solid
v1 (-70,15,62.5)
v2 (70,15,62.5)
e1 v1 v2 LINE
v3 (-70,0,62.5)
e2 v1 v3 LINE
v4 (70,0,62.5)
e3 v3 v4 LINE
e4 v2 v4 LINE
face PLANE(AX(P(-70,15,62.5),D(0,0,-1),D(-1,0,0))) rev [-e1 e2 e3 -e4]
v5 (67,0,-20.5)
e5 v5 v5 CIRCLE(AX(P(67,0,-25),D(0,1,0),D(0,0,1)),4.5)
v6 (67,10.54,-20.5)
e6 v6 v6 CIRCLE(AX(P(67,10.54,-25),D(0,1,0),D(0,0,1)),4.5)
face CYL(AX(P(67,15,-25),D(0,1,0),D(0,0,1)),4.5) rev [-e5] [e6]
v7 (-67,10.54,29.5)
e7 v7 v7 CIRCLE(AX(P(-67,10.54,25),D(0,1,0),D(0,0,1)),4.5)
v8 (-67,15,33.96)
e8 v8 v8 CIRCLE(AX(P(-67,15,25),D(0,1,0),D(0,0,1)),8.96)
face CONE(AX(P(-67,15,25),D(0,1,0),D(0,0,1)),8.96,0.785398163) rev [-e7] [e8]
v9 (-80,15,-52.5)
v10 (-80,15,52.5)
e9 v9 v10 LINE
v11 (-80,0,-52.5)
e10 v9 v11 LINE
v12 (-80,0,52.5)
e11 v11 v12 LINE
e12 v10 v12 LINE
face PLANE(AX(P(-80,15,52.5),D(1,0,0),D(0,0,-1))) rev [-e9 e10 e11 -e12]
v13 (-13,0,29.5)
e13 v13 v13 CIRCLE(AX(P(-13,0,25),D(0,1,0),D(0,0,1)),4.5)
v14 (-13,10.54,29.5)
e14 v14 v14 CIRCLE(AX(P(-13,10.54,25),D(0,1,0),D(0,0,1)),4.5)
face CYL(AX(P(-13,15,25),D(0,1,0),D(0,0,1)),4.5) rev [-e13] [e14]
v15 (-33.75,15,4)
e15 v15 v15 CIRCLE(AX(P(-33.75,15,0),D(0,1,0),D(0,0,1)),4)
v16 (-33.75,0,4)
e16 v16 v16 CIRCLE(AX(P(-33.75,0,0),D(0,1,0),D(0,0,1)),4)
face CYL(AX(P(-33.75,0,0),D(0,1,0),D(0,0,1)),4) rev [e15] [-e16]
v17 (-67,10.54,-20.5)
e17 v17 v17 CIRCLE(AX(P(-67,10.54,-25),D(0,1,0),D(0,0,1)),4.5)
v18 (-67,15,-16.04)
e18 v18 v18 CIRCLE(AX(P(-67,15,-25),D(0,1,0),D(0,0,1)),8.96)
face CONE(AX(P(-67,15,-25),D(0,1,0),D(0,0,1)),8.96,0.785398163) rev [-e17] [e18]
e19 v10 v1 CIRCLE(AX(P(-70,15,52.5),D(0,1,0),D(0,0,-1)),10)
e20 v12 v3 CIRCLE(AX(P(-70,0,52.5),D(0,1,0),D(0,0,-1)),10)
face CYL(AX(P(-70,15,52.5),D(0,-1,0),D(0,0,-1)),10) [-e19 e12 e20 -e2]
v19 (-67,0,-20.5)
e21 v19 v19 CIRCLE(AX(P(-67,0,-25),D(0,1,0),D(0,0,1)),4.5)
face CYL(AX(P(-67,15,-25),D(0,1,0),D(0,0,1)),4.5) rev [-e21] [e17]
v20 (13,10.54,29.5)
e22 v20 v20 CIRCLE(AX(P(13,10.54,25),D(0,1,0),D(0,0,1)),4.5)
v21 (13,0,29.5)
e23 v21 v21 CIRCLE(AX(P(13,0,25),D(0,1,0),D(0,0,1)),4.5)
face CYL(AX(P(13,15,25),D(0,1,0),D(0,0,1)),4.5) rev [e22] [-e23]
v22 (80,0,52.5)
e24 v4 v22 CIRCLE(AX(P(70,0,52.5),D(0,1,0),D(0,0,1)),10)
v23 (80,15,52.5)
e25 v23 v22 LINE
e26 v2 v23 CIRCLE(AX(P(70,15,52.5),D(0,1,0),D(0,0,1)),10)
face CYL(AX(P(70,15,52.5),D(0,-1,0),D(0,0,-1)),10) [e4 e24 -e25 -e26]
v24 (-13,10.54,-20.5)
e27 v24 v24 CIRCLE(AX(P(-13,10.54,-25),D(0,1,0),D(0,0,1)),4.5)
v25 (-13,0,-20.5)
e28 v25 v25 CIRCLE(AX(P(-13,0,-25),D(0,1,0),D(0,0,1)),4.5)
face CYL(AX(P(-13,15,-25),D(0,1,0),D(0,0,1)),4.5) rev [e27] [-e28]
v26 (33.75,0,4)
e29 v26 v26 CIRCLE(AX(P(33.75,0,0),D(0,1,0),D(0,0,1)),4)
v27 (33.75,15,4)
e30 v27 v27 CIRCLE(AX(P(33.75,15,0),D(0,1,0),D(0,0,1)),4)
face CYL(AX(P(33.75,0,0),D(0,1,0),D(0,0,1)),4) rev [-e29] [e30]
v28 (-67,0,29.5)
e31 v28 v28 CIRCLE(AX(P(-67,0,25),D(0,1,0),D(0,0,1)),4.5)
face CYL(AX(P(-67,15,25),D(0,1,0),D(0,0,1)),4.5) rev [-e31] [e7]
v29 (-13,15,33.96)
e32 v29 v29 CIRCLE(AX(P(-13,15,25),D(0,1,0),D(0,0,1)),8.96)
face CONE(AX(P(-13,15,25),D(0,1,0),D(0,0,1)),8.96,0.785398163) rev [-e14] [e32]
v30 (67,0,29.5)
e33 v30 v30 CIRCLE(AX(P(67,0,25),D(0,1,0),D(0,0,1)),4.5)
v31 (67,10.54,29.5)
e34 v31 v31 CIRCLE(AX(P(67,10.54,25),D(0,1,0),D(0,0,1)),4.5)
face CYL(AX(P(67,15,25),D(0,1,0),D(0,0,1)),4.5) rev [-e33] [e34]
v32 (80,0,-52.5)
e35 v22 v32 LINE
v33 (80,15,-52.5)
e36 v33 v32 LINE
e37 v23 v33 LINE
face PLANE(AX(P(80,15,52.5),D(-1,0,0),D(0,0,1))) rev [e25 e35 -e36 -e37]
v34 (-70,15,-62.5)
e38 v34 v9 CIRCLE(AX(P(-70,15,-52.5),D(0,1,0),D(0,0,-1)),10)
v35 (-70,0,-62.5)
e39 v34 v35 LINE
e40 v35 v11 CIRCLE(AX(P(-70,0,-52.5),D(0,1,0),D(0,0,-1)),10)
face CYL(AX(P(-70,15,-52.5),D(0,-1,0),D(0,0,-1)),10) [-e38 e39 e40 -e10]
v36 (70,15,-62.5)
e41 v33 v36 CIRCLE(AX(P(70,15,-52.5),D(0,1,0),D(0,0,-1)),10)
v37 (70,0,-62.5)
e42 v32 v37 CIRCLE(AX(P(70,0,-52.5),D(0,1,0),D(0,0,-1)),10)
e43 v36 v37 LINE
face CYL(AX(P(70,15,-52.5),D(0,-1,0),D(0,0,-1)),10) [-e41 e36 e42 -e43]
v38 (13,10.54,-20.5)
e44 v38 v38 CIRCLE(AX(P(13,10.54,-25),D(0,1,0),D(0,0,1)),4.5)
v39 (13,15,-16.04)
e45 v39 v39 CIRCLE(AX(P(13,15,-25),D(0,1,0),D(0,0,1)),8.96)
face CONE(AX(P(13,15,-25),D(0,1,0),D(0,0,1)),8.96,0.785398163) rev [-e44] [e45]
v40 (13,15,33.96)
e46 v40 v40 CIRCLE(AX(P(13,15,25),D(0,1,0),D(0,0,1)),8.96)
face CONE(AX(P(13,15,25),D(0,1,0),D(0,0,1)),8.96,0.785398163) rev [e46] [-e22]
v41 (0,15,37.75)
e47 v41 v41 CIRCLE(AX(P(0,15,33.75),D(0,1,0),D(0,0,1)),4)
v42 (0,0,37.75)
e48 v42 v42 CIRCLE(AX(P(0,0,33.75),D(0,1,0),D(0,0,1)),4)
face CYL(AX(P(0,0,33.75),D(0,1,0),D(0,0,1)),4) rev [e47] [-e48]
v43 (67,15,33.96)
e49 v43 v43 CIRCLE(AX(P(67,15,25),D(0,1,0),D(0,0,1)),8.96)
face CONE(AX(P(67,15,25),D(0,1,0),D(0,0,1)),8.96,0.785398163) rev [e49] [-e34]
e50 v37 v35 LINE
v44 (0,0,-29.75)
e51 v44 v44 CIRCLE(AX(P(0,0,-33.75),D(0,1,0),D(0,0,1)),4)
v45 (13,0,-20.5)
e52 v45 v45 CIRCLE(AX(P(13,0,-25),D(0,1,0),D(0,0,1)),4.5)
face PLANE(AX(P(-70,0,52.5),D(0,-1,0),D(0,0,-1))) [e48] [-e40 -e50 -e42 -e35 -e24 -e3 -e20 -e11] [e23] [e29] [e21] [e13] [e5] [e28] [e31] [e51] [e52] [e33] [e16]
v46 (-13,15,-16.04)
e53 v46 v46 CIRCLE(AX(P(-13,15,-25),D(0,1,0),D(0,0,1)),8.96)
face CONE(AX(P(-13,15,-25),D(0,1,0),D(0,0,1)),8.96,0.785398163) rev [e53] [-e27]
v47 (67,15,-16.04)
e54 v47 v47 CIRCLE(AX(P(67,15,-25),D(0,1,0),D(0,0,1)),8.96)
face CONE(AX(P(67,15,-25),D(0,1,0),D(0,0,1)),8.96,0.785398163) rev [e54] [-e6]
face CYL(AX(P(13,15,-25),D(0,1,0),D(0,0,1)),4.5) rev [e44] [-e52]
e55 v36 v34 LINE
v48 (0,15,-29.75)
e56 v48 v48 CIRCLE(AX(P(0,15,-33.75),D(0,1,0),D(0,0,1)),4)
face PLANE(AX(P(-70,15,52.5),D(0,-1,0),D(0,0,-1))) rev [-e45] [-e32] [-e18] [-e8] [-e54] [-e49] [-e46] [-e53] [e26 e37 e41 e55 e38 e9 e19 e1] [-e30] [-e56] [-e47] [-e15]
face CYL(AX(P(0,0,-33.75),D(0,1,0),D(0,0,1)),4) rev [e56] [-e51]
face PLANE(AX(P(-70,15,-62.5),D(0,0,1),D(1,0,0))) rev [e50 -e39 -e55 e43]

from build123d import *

# Parameters (mm, degrees)
DODANIE_WYCI_GNI_CIE1_DEPTH                        = 15
SZKIC2_R                                           = 4
WYTNIJ_WYCI_GNI_CIE1_DEPTH                         = 103.621878759
LUSTRO2_COPY_1_SKETCH_R                            = 4
LUSTRO2_COPY_1_DEPTH                               = 103.621878759
SFAZOWANIE1_SIZE                                   = 0.5
POG_BIENIE_STO_KOWE_POD_M8_WKR_T_Z_BEM_D           = 9
POG_BIENIE_STO_KOWE_POD_M8_WKR_T_Z_BEM_CSINK_D     = 17.92
POG_BIENIE_STO_KOWE_POD_M8_WKR_T_Z_BEM_CSINK_ANGLE = 90
SZKIC5_R                                           = 4
WYTNIJ_WYCI_GNI_CIE2_DEPTH                         = 103.621878759


with BuildPart() as part:
    # Szkic1 → Dodanie-wyciągnięcie1 (new body)
    with BuildSketch(Plane(origin=(0, 0, 0), x_dir=(1, 0, 0), z_dir=(0, 1, 0))):
        with BuildLine():
            Line((-70, -62.5), (70, -62.5))
            ThreePointArc((70, -62.5), (77.071067812, -59.571067812), (80, -52.5))
            Line((80, -52.5), (80, 52.5))
            ThreePointArc((80, 52.5), (77.071067812, 59.571067812), (70, 62.5))
            Line((70, 62.5), (-70, 62.5))
            ThreePointArc((-70, 62.5), (-77.071067812, 59.571067812), (-80, 52.5))
            Line((-80, 52.5), (-80, -52.5))
            ThreePointArc((-80, -52.5), (-77.071067812, -59.571067812), (-70, -62.5))
        make_face()
    extrude(amount=DODANIE_WYCI_GNI_CIE1_DEPTH)

    # Szkic2 → Wytnij-wyciągnięcie1 (cut, symmetric)
    with BuildSketch(Plane(origin=(0, 15, 0), x_dir=(1, 0, 0), z_dir=(0, 1, 0))):
        with Locations(Location((-67, -25, 0), (0, 0, 270))):
            Circle(SZKIC2_R)
        with Locations(Location((-13, -25, 0), (0, 0, 90))):
            Circle(SZKIC2_R)
    wytnij_wyci_gni_cie1 = extrude(amount=WYTNIJ_WYCI_GNI_CIE1_DEPTH, both=True, mode=Mode.SUBTRACT)

    # Lustro1: Wytnij-wyciągnięcie1 across plane
    add(wytnij_wyci_gni_cie1.mirror(Plane.XY), mode=Mode.SUBTRACT)

    # Lustro2: Wytnij-wyciągnięcie1 across plane
    add(wytnij_wyci_gni_cie1.mirror(Plane(origin=(0, 0, 0), x_dir=(0, 0, 1), z_dir=(1, 0, 0))), mode=Mode.SUBTRACT)

    # Lustro2 copy 1 sketch → Lustro2 copy 1 (cut, symmetric)
    with BuildSketch(Plane(origin=(0, 15, 0), x_dir=(-1, 0, 0), z_dir=(0, 1, 0))):
        with Locations(Location((-67, -25, 0), (0, 0, 270))):
            Circle(LUSTRO2_COPY_1_SKETCH_R)
        with Locations(Location((-13, -25, 0), (0, 0, 90))):
            Circle(LUSTRO2_COPY_1_SKETCH_R)
    extrude(amount=LUSTRO2_COPY_1_DEPTH, both=True, mode=Mode.SUBTRACT)

    # Sfazowanie1
    sfazowanie1_edges = [part.edges().sort_by_distance(p)[0] for p in [
        (-67, 0, 21),
        (-67, 15, 21),
        (-13, 0, 29),
        (-13, 15, 29),
        (-67, 15, -21),
        (-67, 0, -21),
        (-13, 15, -29),
        (-13, 0, -29),
        (67, 0, -21),
        (67, 15, -21),
        (13, 0, -29),
        (13, 15, -29),
        (67, 15, 21),
        (67, 0, 21),
        (13, 15, 29),
        (13, 0, 29),
    ]]
    chamfer(sfazowanie1_edges, length=SFAZOWANIE1_SIZE)

    # Pogłębienie stożkowe pod M8 Wkręt z łbem stożkowym płaskim1 (through all)
    with Locations(Plane(origin=(0, 15, 0), x_dir=(1, 0, 0), z_dir=(0, 1, 0))):
        with Locations((-67, 25), (-13, 25), (-13, -25), (13, -25), (13, 25), (67, 25), (67, -25), (-67, -25)):
            CounterSinkHole(POG_BIENIE_STO_KOWE_POD_M8_WKR_T_Z_BEM_D / 2, POG_BIENIE_STO_KOWE_POD_M8_WKR_T_Z_BEM_CSINK_D / 2, counter_sink_angle=POG_BIENIE_STO_KOWE_POD_M8_WKR_T_Z_BEM_CSINK_ANGLE)

    # Szkic5 → Wytnij-wyciągnięcie2 (cut, through all)
    with BuildSketch(Plane(origin=(0, 15, 0), x_dir=(1, 0, 0), z_dir=(0, 1, 0))):
        with Locations(Location((0, 33.75, 0), (0, 0, 270))):
            Circle(SZKIC5_R)
        with Locations(Location((33.75, 0, 0), (0, 0, 270))):
            Circle(SZKIC5_R)
        with Locations(Location((0, -33.75, 0), (0, 0, 270))):
            Circle(SZKIC5_R)
        with Locations(Location((-33.75, 0, 0), (0, 0, 270))):
            Circle(SZKIC5_R)
    extrude(amount=-WYTNIJ_WYCI_GNI_CIE2_DEPTH, mode=Mode.SUBTRACT)


solid = part.part
